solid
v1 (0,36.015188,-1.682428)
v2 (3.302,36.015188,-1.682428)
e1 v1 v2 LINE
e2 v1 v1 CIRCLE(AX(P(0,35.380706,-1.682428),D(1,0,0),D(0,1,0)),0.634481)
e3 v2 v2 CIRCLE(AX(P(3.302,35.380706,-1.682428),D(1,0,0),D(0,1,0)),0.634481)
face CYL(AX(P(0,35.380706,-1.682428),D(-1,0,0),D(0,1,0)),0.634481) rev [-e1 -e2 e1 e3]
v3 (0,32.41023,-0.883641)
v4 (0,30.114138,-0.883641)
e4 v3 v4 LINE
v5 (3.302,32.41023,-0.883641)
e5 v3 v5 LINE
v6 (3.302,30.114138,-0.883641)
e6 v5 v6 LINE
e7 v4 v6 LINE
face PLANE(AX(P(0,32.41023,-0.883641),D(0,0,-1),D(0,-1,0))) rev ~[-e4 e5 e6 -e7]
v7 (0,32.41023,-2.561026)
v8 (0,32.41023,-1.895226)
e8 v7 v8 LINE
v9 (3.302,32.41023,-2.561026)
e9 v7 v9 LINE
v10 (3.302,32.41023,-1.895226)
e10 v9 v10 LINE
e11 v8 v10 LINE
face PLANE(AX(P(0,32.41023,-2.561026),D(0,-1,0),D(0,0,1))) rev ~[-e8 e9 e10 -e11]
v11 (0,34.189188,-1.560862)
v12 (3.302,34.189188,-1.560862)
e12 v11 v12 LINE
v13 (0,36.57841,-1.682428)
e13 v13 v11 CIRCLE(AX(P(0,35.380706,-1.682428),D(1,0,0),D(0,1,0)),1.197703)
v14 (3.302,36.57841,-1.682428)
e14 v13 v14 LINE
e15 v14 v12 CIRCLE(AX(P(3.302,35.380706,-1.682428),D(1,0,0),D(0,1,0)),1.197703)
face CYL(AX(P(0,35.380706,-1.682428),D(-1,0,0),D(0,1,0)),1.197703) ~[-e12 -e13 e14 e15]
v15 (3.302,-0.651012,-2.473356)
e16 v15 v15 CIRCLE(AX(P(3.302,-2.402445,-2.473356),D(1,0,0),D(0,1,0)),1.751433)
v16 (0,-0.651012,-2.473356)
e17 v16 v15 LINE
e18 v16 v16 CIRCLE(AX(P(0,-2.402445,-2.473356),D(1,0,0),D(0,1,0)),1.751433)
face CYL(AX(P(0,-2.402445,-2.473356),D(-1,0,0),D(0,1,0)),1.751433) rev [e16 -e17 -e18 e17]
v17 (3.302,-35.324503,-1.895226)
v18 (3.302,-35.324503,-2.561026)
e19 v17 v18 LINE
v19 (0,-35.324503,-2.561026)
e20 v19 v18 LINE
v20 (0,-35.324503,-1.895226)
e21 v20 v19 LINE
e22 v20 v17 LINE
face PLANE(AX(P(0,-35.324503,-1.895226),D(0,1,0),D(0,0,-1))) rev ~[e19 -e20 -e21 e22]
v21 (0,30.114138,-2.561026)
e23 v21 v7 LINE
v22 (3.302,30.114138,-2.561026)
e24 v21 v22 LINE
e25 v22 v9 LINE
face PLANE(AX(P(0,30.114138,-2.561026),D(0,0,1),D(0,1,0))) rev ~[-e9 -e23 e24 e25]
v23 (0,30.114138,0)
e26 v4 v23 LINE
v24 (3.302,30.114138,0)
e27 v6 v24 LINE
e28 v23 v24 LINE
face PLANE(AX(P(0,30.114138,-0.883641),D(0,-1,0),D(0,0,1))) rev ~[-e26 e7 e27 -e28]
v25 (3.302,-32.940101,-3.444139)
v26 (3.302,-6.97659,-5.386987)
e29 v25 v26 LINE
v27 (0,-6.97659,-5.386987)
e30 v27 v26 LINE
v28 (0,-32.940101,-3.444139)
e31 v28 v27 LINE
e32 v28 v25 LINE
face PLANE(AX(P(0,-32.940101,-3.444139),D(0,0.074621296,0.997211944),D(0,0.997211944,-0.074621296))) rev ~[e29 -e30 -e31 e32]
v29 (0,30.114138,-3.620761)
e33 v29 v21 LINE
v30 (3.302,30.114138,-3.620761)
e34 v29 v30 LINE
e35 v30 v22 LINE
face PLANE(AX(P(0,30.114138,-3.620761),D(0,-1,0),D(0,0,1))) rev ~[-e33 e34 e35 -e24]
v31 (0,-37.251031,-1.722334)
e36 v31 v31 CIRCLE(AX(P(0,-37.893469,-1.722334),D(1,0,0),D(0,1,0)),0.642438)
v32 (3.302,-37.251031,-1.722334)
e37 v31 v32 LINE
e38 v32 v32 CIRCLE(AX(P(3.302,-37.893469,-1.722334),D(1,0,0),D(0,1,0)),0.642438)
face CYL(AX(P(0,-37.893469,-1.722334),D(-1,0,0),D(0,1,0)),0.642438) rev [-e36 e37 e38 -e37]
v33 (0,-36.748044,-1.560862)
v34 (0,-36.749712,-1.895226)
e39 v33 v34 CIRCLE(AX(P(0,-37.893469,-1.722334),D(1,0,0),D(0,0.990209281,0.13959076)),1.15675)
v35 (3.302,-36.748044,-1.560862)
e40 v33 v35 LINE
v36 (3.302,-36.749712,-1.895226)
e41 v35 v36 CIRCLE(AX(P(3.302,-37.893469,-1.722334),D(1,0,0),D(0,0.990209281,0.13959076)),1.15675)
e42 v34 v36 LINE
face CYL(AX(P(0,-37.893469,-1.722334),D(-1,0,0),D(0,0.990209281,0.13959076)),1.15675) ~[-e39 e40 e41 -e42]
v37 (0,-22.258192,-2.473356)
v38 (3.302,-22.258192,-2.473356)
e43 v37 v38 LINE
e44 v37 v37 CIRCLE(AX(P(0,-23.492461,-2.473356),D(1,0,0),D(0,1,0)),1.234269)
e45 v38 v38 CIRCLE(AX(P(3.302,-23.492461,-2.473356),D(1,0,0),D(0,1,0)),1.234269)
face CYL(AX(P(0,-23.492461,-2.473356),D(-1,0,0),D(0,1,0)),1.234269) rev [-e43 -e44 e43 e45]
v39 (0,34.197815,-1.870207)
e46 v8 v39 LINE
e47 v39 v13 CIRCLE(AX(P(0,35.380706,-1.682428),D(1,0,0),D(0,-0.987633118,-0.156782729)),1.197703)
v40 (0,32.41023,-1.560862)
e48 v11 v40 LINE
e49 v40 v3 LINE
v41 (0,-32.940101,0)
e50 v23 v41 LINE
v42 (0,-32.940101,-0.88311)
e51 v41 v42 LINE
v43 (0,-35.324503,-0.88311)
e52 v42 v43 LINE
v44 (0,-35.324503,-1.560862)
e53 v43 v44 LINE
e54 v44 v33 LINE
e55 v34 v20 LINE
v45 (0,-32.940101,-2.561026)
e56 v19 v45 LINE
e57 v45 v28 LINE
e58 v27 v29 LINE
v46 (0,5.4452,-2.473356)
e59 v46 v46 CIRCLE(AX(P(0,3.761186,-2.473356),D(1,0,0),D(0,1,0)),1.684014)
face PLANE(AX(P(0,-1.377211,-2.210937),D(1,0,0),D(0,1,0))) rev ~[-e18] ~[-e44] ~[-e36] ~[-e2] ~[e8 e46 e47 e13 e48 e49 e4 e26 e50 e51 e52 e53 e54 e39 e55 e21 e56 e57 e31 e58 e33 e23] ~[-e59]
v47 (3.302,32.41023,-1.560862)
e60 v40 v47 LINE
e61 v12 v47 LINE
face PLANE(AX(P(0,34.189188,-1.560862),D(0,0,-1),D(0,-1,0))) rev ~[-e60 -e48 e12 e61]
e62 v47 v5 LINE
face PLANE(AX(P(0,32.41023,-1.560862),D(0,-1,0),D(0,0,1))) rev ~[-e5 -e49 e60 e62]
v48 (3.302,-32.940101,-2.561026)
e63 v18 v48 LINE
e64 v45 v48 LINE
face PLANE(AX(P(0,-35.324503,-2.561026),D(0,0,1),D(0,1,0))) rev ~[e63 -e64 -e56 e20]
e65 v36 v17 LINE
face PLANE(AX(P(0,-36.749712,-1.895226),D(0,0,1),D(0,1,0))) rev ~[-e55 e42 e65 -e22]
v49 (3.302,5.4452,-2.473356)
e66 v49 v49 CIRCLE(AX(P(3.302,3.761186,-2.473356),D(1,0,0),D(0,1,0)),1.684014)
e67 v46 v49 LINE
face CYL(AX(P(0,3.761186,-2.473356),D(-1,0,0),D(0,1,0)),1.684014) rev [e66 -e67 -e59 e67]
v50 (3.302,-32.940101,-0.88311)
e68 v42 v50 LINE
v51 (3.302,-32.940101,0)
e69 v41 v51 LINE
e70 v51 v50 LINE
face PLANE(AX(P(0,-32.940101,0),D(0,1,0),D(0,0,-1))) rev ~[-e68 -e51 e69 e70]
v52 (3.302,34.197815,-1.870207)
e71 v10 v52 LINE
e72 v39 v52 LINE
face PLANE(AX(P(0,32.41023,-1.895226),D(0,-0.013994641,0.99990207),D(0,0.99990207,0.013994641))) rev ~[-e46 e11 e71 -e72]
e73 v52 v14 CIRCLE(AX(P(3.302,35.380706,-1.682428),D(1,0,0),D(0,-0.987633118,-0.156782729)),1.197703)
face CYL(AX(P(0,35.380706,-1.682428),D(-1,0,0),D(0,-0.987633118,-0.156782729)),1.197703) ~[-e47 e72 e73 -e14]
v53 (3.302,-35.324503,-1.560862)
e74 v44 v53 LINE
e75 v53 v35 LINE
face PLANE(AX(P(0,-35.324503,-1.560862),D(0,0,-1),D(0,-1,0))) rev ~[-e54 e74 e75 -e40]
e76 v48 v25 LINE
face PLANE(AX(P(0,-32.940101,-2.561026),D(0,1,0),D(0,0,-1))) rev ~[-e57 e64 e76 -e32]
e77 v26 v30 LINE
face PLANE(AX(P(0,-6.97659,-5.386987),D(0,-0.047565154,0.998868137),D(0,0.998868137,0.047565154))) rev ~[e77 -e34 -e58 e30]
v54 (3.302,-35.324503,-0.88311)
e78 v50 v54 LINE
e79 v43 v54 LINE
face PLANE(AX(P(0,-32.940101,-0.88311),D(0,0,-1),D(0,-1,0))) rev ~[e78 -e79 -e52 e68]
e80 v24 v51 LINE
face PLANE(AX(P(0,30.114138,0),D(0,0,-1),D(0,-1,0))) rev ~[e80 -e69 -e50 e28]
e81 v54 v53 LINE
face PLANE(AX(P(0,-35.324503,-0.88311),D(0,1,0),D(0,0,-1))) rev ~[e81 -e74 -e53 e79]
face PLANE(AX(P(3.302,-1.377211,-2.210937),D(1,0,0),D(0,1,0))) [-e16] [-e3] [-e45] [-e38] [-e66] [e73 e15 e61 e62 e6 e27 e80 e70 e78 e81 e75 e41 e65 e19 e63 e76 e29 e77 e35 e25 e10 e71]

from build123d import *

# Parameters (mm, degrees)
F0_R     = 1.2342692754
F0_R_2   = 1.7514332525
F0_R_3   = 1.6840139575
F0_R_4   = 0.6424379712
F0_R_5   = 0.6344814838
F1_DEPTH = 3.302


with BuildPart() as f1:
    # F0 (on Right) → F1 (new body)
    with BuildSketch(Plane.YZ):
        Polygon((30.1141384989, 0), (0, 0), (-32.9401008785, 0), (-32.9401008785, -0.8831103914), (-32.9401008785, -2.5610264856), (-32.9401008785, -3.4441391472), (-6.9765895605, -5.3869867697), (30.1141384989, -3.6207614467), (30.1141384989, -2.5610264856), (30.1141384989, -0.883640887), align=None)
        with Locations((-23.4924610704, -2.4733557366)):
            Circle(F0_R, mode=Mode.SUBTRACT)
        with Locations((-2.4024450686, -2.4733557366)):
            Circle(F0_R_2, mode=Mode.SUBTRACT)
        with Locations((3.7611864973, -2.4733557366)):
            Circle(F0_R_3, mode=Mode.SUBTRACT)
        Polygon((-32.9401008785, -2.5610264856), (-32.9401008785, -0.8831103914), (-35.3245027363, -0.8831103914), (-35.3245027363, -1.5608620106), (-35.3245027363, -1.7220684385), (-35.3245027363, -1.8952260725), (-35.3245027363, -2.5610264856), align=None)
        Polygon((32.4102304876, -0.883640887), (30.1141384989, -0.883640887), (30.1141384989, -2.5610264856), (32.4102304876, -2.5610264856), (32.4102304876, -1.8952260725), (32.4102304876, -1.7223336863), (32.4102304876, -1.5608620106), align=None)
        with BuildLine():
            Line((-35.3245027363, -1.7220684385), (-35.3245027363, -1.5608620106))
            Line((-35.3245027363, -1.5608620106), (-36.7480435846, -1.5608620106))
            ThreePointArc((-36.7480435846, -1.5608620106), (-36.7395622808, -1.6412672061), (-36.736718196, -1.7220684385))
            Line((-36.736718196, -1.7220684385), (-35.3245027363, -1.7220684385))
        make_face()
        with BuildLine():
            Line((34.18918825, -1.5608620106), (32.4102304876, -1.5608620106))
            Line((32.4102304876, -1.5608620106), (32.4102304876, -1.7223336863))
            Line((32.4102304876, -1.7223336863), (32.4102304876, -1.8952260725))
            Line((32.4102304876, -1.8952260725), (34.1978147229, -1.8702070236))
            ThreePointArc((34.1978147229, -1.8702070236), (34.1834682887, -1.7158143054), (34.18918825, -1.5608620106))
        make_face()
        with BuildLine():
            Line((-36.7497117243, -1.8952260725), (-35.3245027363, -1.8952260725))
            Line((-35.3245027363, -1.8952260725), (-35.3245027363, -1.7220684385))
            Line((-35.3245027363, -1.7220684385), (-36.736718196, -1.7220684385))
            ThreePointArc((-36.736718196, -1.7220684385), (-36.7367181732, -1.7222010624), (-36.7367181656, -1.7223336863))
            ThreePointArc((-36.7367181656, -1.7223336863), (-36.7399711292, -1.8090236652), (-36.7497117243, -1.8952260725))
        make_face()
        with BuildLine():
            ThreePointArc((-36.736718196, -1.7220684385), (-36.7395622808, -1.6412672061), (-36.7480435846, -1.5608620106))
            ThreePointArc((-36.7480435846, -1.5608620106), (-39.050204678, -1.7165627393), (-36.7497117243, -1.8952260725))
            ThreePointArc((-36.7497117243, -1.8952260725), (-36.7399711292, -1.8090236652), (-36.7367181656, -1.7223336863))
            ThreePointArc((-36.7367181656, -1.7223336863), (-36.7367181732, -1.7222010624), (-36.736718196, -1.7220684385))
        make_face()
        with Locations((-37.8934686196, -1.7223336863)):
            Circle(F0_R_4, mode=Mode.SUBTRACT)
        with BuildLine():
            Line((34.1978147229, -1.5608620106), (34.18918825, -1.5608620106))
            ThreePointArc((34.18918825, -1.5608620106), (34.1834682887, -1.7158143054), (34.1978147229, -1.8702070236))
            Line((34.1978147229, -1.8702070236), (34.1978147229, -1.5608620106))
        make_face()
        with BuildLine():
            ThreePointArc((36.5784095148, -1.6824278282), (35.4415677285, -0.4862718496), (34.18918825, -1.5608620106))
            Line((34.18918825, -1.5608620106), (34.1978147229, -1.5608620106))
            Line((34.1978147229, -1.5608620106), (34.1978147229, -1.8702070236))
            ThreePointArc((34.1978147229, -1.8702070236), (35.4748874223, -2.876422446), (36.5784095148, -1.6824278282))
        make_face()
        with Locations((35.3807061911, -1.6824278282)):
            Circle(F0_R_5, mode=Mode.SUBTRACT)
    extrude(amount=F1_DEPTH)


solid = f1.part
